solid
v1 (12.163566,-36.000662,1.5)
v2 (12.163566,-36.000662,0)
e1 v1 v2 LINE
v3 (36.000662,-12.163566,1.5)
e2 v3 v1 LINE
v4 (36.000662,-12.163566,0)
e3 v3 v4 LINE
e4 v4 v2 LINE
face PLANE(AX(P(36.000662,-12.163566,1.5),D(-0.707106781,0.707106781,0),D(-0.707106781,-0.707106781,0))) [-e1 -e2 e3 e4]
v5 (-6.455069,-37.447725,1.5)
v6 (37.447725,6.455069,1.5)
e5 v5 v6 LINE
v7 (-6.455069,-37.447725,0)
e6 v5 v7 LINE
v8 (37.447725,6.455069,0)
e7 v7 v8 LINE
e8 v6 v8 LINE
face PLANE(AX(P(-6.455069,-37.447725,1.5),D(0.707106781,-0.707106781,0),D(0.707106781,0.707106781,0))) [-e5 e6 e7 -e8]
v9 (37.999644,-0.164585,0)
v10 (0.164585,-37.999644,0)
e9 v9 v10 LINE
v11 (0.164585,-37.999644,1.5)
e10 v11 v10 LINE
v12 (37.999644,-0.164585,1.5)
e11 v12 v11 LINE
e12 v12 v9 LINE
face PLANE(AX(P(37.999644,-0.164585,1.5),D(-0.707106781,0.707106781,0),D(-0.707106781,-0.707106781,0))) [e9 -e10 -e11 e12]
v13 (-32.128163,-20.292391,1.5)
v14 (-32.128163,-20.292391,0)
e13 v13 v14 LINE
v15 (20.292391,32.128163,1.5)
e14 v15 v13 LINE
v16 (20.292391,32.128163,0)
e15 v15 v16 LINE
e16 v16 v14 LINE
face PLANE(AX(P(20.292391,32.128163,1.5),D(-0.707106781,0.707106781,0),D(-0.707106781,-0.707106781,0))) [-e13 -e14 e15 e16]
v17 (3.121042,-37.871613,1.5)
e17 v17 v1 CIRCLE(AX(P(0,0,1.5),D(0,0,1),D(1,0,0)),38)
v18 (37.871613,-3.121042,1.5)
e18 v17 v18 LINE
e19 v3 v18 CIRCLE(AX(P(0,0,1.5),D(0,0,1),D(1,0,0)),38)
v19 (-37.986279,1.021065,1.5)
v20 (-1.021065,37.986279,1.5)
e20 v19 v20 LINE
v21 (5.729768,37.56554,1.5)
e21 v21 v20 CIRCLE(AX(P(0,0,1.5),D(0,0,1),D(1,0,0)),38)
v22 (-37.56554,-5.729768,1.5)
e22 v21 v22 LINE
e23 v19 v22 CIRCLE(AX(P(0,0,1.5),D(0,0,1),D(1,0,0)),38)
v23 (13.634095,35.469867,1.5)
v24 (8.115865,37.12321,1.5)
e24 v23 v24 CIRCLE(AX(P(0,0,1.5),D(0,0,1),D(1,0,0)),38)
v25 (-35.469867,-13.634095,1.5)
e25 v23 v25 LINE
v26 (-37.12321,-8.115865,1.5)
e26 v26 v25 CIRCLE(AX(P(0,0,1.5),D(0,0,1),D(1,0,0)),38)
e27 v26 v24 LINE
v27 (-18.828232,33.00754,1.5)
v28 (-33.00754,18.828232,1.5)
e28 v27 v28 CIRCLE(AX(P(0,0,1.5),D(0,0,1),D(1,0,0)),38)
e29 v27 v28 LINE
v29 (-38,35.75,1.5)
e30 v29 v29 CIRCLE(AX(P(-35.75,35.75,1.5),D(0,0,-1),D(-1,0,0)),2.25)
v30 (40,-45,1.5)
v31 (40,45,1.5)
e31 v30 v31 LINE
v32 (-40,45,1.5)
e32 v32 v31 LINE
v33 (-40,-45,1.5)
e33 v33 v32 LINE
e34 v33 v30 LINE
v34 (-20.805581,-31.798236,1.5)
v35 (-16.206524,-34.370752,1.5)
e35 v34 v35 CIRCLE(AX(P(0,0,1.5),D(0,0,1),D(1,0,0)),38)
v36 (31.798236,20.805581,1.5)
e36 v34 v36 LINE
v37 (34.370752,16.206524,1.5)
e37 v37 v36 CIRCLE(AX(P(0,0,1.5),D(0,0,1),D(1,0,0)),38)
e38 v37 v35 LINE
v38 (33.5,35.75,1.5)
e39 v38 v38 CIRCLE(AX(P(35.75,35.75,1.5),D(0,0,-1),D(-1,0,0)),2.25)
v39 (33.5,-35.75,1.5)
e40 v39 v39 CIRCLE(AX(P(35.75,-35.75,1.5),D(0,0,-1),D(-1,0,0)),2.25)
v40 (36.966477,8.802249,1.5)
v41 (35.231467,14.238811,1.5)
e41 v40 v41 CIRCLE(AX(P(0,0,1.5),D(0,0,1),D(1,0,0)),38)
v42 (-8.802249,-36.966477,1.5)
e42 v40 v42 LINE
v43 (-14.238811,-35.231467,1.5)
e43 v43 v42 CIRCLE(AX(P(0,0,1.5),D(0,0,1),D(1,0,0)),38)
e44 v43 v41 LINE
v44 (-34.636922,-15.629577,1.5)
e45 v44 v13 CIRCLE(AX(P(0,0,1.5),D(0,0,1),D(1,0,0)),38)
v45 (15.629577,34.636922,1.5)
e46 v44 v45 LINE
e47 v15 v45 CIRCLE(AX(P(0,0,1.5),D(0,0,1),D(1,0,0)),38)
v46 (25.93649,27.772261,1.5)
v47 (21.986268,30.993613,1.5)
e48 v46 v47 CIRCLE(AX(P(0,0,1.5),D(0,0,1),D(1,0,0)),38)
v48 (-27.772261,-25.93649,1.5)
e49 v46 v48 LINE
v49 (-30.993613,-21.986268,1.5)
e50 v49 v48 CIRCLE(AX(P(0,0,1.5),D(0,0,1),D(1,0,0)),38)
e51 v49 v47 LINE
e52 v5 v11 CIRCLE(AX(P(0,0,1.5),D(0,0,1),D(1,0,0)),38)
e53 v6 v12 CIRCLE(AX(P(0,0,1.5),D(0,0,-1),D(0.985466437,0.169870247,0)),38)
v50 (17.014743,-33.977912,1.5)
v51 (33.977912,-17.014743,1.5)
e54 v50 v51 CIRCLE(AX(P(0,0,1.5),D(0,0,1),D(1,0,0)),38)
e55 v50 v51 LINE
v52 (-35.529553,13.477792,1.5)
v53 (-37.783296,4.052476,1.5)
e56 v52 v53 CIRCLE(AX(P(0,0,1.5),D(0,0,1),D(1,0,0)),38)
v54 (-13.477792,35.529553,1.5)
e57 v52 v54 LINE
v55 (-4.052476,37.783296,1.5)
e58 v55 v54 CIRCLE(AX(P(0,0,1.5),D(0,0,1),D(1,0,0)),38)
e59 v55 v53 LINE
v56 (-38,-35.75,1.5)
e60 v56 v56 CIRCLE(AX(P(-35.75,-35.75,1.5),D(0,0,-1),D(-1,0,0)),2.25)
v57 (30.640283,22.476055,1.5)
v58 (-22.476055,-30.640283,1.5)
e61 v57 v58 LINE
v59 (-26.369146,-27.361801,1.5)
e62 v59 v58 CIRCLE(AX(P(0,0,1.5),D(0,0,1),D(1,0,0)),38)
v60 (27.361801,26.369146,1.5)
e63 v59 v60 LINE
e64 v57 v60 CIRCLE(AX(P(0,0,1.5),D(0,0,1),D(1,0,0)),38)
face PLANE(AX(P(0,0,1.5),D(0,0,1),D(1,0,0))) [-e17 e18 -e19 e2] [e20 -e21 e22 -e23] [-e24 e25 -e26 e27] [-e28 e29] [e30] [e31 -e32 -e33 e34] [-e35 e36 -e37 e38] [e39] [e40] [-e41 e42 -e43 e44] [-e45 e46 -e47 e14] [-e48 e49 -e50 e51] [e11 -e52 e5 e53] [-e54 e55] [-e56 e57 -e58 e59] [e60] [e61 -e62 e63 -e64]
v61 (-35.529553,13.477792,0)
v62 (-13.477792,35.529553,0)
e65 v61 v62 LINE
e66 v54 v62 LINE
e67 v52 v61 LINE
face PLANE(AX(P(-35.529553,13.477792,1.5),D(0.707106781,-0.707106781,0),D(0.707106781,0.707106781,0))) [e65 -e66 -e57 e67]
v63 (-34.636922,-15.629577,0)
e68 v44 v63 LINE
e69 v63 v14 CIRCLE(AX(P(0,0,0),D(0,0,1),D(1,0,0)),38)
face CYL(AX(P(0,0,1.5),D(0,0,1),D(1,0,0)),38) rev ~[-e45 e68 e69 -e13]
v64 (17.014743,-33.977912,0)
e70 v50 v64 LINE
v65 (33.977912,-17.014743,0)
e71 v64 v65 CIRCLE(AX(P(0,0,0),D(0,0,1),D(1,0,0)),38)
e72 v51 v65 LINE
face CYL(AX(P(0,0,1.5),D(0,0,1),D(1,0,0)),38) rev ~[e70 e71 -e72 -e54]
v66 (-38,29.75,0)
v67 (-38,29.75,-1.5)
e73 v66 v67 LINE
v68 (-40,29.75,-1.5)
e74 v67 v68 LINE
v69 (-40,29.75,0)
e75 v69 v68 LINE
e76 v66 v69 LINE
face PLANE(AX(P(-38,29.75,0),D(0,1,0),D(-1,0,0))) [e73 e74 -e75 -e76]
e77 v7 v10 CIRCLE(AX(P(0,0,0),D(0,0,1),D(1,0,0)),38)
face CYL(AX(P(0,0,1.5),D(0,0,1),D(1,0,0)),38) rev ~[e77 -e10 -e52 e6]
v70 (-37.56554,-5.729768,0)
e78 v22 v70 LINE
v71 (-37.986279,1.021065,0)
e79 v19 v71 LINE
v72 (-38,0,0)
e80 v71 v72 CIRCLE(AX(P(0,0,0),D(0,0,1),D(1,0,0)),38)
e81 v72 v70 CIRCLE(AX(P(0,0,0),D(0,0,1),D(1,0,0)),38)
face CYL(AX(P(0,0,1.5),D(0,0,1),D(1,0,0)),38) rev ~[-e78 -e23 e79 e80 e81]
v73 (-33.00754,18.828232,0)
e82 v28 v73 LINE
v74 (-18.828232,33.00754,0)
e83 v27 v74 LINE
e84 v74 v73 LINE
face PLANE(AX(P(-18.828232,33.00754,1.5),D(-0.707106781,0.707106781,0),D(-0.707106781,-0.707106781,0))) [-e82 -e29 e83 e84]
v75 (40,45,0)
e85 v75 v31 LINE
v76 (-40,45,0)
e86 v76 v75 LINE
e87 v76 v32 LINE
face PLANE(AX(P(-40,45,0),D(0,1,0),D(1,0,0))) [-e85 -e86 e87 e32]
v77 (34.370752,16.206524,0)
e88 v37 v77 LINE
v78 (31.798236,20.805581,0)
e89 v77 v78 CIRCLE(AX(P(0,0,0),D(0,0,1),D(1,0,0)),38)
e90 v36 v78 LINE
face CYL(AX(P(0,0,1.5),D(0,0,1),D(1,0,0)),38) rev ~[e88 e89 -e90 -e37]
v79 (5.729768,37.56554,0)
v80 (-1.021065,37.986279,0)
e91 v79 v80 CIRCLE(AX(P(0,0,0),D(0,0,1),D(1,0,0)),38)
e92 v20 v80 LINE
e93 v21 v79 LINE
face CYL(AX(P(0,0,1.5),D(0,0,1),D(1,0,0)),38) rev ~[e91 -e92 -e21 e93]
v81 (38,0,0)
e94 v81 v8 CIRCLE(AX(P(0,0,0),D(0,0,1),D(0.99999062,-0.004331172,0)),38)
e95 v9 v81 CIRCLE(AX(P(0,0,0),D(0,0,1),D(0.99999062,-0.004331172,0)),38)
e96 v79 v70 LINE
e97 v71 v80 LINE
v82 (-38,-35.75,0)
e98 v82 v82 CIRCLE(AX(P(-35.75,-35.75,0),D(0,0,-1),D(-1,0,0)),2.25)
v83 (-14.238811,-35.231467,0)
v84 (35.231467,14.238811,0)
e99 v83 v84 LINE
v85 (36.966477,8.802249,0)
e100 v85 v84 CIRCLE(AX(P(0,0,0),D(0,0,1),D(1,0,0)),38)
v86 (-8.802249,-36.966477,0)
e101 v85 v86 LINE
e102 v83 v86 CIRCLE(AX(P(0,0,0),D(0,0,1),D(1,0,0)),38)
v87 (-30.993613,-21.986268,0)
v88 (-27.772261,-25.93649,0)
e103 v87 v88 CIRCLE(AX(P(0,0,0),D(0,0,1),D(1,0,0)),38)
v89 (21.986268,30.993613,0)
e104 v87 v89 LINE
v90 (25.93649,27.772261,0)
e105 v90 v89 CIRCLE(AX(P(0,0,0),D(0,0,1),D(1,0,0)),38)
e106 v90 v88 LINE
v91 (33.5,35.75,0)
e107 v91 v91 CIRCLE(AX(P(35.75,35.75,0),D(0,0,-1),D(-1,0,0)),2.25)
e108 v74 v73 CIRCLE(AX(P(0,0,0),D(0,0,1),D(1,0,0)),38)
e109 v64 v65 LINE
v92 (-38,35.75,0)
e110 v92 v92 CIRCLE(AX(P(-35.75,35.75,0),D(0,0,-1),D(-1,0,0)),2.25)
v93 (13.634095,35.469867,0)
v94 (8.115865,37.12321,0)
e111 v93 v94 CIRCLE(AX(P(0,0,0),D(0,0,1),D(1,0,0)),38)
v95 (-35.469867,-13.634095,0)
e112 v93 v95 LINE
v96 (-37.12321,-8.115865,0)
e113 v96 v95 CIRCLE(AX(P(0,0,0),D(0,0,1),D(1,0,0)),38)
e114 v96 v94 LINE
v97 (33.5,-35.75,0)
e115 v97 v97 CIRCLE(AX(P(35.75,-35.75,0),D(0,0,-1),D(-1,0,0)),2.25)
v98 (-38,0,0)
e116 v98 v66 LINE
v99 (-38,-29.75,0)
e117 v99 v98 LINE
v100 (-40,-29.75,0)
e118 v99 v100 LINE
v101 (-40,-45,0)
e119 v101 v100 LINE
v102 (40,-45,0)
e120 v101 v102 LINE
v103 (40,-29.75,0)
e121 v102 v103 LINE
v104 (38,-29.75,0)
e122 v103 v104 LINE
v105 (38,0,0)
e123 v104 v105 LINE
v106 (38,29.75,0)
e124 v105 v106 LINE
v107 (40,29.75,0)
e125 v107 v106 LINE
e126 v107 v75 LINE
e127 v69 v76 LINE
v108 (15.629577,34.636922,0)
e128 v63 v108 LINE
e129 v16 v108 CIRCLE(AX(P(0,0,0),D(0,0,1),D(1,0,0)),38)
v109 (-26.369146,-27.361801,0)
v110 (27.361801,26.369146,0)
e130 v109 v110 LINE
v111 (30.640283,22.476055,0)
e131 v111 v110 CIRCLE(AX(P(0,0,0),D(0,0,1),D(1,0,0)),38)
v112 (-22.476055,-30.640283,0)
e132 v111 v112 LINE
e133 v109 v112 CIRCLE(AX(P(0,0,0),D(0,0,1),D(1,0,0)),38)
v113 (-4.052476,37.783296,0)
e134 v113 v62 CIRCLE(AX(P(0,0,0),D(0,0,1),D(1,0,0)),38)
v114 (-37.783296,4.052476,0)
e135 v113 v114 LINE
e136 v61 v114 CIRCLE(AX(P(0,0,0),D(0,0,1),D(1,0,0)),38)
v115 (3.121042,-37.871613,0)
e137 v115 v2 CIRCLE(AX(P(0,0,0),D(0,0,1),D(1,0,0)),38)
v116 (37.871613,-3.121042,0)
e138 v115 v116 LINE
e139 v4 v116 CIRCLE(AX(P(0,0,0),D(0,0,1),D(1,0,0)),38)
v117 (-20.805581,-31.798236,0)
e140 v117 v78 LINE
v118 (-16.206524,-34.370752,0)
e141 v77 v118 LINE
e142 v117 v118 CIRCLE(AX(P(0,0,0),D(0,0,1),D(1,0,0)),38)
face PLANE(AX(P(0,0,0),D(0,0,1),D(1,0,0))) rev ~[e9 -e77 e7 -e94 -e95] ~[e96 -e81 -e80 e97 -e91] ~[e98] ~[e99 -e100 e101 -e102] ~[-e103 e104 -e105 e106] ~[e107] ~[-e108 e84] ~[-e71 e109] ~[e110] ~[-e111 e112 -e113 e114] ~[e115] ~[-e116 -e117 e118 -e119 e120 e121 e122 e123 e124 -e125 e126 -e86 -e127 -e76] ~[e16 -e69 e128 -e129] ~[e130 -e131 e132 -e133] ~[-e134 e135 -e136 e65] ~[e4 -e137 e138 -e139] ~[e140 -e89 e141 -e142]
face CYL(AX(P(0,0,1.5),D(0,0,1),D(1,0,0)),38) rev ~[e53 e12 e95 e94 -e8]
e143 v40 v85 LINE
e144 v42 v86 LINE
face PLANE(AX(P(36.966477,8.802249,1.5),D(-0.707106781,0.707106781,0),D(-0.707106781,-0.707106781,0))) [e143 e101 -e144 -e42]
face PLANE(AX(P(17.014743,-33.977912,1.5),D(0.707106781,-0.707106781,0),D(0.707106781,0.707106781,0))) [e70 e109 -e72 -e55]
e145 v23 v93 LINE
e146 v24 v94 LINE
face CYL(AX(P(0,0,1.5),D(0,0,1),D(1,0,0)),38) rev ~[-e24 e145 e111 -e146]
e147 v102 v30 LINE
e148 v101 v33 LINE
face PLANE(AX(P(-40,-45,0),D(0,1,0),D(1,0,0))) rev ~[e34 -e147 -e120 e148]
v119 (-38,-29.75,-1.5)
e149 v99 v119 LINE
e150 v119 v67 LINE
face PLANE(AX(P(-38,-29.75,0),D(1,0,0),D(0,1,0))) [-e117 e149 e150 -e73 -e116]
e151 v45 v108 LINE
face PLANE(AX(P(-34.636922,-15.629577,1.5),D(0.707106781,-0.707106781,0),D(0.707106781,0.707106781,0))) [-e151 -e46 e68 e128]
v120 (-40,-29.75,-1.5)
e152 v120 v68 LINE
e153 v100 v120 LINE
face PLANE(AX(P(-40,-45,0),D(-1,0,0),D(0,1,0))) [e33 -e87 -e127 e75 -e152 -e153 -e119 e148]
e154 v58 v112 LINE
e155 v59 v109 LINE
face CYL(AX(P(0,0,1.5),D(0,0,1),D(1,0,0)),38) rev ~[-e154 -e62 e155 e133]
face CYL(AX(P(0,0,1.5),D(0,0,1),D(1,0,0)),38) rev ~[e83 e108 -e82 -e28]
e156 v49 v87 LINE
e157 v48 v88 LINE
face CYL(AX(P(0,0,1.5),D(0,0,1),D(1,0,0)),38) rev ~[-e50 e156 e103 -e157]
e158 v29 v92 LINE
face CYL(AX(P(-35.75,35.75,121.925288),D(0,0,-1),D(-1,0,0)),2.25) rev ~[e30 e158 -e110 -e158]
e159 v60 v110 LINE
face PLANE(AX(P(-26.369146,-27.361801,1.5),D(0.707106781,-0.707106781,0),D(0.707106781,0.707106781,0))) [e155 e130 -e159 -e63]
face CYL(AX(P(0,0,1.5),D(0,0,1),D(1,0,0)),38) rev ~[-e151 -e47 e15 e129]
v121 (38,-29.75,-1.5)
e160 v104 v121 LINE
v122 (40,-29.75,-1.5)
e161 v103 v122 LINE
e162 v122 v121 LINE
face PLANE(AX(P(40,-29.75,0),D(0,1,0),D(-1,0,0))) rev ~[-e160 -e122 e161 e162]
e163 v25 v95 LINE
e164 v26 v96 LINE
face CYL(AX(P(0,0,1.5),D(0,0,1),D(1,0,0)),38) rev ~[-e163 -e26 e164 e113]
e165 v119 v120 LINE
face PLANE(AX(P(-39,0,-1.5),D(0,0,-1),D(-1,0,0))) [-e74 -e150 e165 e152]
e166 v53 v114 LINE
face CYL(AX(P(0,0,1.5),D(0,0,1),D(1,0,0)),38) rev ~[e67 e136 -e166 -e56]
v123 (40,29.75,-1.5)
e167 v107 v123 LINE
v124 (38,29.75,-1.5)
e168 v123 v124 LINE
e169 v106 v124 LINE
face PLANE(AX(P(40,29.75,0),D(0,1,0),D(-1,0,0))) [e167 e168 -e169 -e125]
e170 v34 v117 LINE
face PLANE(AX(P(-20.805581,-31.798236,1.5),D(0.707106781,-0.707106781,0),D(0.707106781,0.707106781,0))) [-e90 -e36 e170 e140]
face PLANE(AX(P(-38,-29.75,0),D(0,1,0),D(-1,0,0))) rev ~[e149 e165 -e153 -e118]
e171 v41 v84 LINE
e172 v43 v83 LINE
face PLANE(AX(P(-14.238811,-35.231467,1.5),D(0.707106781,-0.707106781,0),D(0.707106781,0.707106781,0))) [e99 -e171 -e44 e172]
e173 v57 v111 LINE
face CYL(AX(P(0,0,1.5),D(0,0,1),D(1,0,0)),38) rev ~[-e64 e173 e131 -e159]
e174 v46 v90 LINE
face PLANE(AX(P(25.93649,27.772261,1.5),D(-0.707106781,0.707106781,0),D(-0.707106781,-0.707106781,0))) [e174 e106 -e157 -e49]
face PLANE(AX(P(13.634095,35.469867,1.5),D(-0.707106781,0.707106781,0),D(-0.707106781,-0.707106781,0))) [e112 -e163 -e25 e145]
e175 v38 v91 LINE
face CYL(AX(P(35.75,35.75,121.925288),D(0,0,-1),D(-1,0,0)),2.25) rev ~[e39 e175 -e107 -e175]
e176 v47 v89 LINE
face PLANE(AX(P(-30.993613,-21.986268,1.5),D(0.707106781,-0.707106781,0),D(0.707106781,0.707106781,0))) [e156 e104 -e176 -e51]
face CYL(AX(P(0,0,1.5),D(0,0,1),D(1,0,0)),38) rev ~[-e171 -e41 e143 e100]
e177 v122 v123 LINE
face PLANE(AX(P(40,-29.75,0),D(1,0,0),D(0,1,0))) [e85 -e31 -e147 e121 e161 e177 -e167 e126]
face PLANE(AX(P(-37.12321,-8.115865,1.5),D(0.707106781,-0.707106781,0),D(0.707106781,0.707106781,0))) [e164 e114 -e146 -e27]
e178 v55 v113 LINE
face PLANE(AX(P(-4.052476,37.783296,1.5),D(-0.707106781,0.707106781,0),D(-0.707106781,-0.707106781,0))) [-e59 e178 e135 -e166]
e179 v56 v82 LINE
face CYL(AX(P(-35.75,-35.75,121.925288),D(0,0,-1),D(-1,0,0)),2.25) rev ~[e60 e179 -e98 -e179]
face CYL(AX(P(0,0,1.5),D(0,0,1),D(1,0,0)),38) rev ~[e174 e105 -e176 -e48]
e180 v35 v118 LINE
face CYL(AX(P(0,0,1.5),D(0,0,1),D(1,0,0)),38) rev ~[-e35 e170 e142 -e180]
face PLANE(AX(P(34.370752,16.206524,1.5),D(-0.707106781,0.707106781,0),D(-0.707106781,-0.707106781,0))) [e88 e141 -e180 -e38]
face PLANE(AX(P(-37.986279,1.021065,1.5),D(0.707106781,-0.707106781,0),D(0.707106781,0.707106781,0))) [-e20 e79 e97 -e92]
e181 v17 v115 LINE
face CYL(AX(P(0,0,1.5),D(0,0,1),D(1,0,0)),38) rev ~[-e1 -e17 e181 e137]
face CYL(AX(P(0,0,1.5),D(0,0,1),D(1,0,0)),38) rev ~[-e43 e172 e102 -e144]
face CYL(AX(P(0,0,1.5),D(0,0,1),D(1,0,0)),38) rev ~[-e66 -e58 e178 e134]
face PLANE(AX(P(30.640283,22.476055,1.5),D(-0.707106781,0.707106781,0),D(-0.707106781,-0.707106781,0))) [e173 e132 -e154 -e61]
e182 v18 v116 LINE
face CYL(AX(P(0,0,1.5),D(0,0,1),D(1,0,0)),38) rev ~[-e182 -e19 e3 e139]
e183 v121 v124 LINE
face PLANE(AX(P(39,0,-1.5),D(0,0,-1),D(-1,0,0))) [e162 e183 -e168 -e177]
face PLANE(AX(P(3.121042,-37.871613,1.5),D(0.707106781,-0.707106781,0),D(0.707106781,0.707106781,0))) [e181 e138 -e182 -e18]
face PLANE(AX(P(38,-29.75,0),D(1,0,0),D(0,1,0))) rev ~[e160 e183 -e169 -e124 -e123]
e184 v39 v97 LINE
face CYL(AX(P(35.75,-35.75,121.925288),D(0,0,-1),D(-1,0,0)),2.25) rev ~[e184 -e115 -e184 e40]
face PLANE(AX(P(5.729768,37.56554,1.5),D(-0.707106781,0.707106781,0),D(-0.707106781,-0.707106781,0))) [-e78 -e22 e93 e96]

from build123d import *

# Parameters (mm, degrees)
SKETCH5_W            = 80
SKETCH5_H            = 90
BOSS_EXTRUDE2_DEPTH  = 1.5
M4_CLEARANCE_HOLE2_D = 4.5
SKETCH8_R            = 38
CUT_EXTRUDE1_DEPTH   = 2
BOSS_EXTRUDE3_DEPTH  = 1.5
SKETCH10_W           = 2
SKETCH10_H           = 59.5
BOSS_EXTRUDE4_DEPTH  = 1.5


with BuildPart() as part:
    # Sketch5 → Boss-Extrude2 (new body)
    with BuildSketch(Plane.XY):
        Rectangle(SKETCH5_W, SKETCH5_H)
    extrude(amount=BOSS_EXTRUDE2_DEPTH)

    # M4 Clearance Hole2 (through all)
    with Locations(Plane.XY.offset(1.5)):
        with Locations((35.75, 35.75), (-35.75, -35.75), (-35.75, 35.75), (35.75, -35.75)):
            Hole(M4_CLEARANCE_HOLE2_D / 2)

    # Sketch8 → Cut-Extrude1 (cut)
    with BuildSketch(Plane.XY.offset(1.5)):
        Circle(SKETCH8_R)
    extrude(amount=-CUT_EXTRUDE1_DEPTH, mode=Mode.SUBTRACT)

    # Sketch9 → Boss-Extrude3 (add)
    with BuildSketch(Plane.XY.offset(1.5)):
        with BuildLine():
            Line((-18.828232369, 33.007539531), (-33.007539531, 18.828232369))
            ThreePointArc((-33.007539531, 18.828232369), (-34.372809901, 16.202158483), (-35.52955283, 13.477791945))
            Line((-35.52955283, 13.477791945), (-13.477791945, 35.52955283))
            ThreePointArc((-13.477791945, 35.52955283), (-16.202158483, 34.372809901), (-18.828232369, 33.007539531))
        make_face()
        with BuildLine():
            Line((-4.052476159, 37.78329574), (-37.78329574, 4.052476159))
            ThreePointArc((-37.78329574, 4.052476159), (-37.915095853, 2.538800193), (-37.986279438, 1.021065336))
            Line((-37.986279438, 1.021065336), (-1.021065336, 37.986279438))
            ThreePointArc((-1.021065336, 37.986279438), (-2.538800193, 37.915095853), (-4.052476159, 37.78329574))
        make_face()
        with BuildLine():
            Line((5.729767662, 37.565539561), (-37.565539561, -5.729767662))
            ThreePointArc((-37.565539561, -5.729767662), (-37.363427276, -6.926348402), (-37.123210121, -8.115865346))
            Line((-37.123210121, -8.115865346), (8.115865346, 37.123210121))
            ThreePointArc((8.115865346, 37.123210121), (6.926348402, 37.363427276), (5.729767662, 37.565539561))
        make_face()
        with BuildLine():
            Line((13.634094956, 35.469866855), (-35.469866855, -13.634094956))
            ThreePointArc((-35.469866855, -13.634094956), (-35.067590884, -14.637761769), (-34.636921504, -15.629576729))
            Line((-34.636921504, -15.629576729), (15.629576729, 34.636921504))
            ThreePointArc((15.629576729, 34.636921504), (14.637761769, 35.067590884), (13.634094956, 35.469866855))
        make_face()
        with BuildLine():
            Line((20.292391155, 32.128163054), (-32.128163054, -20.292391155))
            ThreePointArc((-32.128163054, -20.292391155), (-31.572249627, -21.146939577), (-30.993612648, -21.986267874))
            Line((-30.993612648, -21.986267874), (21.986267874, 30.993612648))
            ThreePointArc((21.986267874, 30.993612648), (21.146939577, 31.572249627), (20.292391155, 32.128163054))
        make_face()
        with BuildLine():
            Line((25.936489585, 27.772261485), (-27.772261485, -25.936489585))
            ThreePointArc((-27.772261485, -25.936489585), (-27.080082578, -26.658378187), (-26.369145748, -27.361800973))
            Line((-26.369145748, -27.361800973), (27.361800973, 26.369145748))
            ThreePointArc((27.361800973, 26.369145748), (26.658378187, 27.080082578), (25.936489585, 27.772261485))
        make_face()
        with BuildLine():
            Line((30.64028313, 22.47605503), (-22.47605503, -30.64028313))
            ThreePointArc((-22.47605503, -30.64028313), (-21.648561438, -31.230430475), (-20.805580736, -31.798235961))
            Line((-20.805580736, -31.798235961), (31.798235961, 20.805580736))
            ThreePointArc((31.798235961, 20.805580736), (31.230430475, 21.648561438), (30.64028313, 22.47605503))
        make_face()
        with BuildLine():
            Line((34.370751902, 16.206523801), (-16.206523801, -34.370751902))
            ThreePointArc((-16.206523801, -34.370751902), (-15.228749713, -34.815013747), (-14.238811494, -35.23146672))
            Line((-14.238811494, -35.23146672), (35.23146672, 14.238811494))
            ThreePointArc((35.23146672, 14.238811494), (34.815013747, 15.228749713), (34.370751902, 16.206523801))
        make_face()
        with BuildLine():
            Line((36.966476918, 8.802248818), (-8.802248818, -36.966476918))
            ThreePointArc((-8.802248818, -36.966476918), (-7.632453052, -37.225604903), (-6.455069393, -37.447724619))
            Line((-6.455069393, -37.447724619), (37.447724619, 6.455069393))
            ThreePointArc((37.447724619, 6.455069393), (37.225604903, 7.632453052), (36.966476918, 8.802248818))
        make_face()
        with BuildLine():
            Line((37.999643576, -0.164584524), (0.164584524, -37.999643576))
            ThreePointArc((0.164584524, -37.999643576), (1.644059958, -37.964418432), (3.121041877, -37.871613348))
            Line((3.121041877, -37.871613348), (37.871613348, -3.121041877))
            ThreePointArc((37.871613348, -3.121041877), (37.964418432, -1.644059958), (37.999643576, -0.164584524))
        make_face()
        with BuildLine():
            Line((36.000661901, -12.1635662), (12.1635662, -36.000661901))
            ThreePointArc((12.1635662, -36.000661901), (14.624168706, -35.073261748), (17.014742957, -33.977912268))
            Line((17.014742957, -33.977912268), (33.977912268, -17.014742957))
            ThreePointArc((33.977912268, -17.014742957), (35.073261748, -14.624168706), (36.000661901, -12.1635662))
        make_face()
    extrude(amount=-BOSS_EXTRUDE3_DEPTH)

    # Sketch10 → Boss-Extrude4 (add)
    with BuildSketch(Plane(origin=(0, 0, 0), x_dir=(-1, 0, 0), z_dir=(0, 0, -1))):
        with Locations((-39, 0)):
            Rectangle(SKETCH10_W, SKETCH10_H)
        with Locations((39, 0)):
            Rectangle(SKETCH10_W, SKETCH10_H)
    extrude(amount=BOSS_EXTRUDE4_DEPTH)


solid = part.part
